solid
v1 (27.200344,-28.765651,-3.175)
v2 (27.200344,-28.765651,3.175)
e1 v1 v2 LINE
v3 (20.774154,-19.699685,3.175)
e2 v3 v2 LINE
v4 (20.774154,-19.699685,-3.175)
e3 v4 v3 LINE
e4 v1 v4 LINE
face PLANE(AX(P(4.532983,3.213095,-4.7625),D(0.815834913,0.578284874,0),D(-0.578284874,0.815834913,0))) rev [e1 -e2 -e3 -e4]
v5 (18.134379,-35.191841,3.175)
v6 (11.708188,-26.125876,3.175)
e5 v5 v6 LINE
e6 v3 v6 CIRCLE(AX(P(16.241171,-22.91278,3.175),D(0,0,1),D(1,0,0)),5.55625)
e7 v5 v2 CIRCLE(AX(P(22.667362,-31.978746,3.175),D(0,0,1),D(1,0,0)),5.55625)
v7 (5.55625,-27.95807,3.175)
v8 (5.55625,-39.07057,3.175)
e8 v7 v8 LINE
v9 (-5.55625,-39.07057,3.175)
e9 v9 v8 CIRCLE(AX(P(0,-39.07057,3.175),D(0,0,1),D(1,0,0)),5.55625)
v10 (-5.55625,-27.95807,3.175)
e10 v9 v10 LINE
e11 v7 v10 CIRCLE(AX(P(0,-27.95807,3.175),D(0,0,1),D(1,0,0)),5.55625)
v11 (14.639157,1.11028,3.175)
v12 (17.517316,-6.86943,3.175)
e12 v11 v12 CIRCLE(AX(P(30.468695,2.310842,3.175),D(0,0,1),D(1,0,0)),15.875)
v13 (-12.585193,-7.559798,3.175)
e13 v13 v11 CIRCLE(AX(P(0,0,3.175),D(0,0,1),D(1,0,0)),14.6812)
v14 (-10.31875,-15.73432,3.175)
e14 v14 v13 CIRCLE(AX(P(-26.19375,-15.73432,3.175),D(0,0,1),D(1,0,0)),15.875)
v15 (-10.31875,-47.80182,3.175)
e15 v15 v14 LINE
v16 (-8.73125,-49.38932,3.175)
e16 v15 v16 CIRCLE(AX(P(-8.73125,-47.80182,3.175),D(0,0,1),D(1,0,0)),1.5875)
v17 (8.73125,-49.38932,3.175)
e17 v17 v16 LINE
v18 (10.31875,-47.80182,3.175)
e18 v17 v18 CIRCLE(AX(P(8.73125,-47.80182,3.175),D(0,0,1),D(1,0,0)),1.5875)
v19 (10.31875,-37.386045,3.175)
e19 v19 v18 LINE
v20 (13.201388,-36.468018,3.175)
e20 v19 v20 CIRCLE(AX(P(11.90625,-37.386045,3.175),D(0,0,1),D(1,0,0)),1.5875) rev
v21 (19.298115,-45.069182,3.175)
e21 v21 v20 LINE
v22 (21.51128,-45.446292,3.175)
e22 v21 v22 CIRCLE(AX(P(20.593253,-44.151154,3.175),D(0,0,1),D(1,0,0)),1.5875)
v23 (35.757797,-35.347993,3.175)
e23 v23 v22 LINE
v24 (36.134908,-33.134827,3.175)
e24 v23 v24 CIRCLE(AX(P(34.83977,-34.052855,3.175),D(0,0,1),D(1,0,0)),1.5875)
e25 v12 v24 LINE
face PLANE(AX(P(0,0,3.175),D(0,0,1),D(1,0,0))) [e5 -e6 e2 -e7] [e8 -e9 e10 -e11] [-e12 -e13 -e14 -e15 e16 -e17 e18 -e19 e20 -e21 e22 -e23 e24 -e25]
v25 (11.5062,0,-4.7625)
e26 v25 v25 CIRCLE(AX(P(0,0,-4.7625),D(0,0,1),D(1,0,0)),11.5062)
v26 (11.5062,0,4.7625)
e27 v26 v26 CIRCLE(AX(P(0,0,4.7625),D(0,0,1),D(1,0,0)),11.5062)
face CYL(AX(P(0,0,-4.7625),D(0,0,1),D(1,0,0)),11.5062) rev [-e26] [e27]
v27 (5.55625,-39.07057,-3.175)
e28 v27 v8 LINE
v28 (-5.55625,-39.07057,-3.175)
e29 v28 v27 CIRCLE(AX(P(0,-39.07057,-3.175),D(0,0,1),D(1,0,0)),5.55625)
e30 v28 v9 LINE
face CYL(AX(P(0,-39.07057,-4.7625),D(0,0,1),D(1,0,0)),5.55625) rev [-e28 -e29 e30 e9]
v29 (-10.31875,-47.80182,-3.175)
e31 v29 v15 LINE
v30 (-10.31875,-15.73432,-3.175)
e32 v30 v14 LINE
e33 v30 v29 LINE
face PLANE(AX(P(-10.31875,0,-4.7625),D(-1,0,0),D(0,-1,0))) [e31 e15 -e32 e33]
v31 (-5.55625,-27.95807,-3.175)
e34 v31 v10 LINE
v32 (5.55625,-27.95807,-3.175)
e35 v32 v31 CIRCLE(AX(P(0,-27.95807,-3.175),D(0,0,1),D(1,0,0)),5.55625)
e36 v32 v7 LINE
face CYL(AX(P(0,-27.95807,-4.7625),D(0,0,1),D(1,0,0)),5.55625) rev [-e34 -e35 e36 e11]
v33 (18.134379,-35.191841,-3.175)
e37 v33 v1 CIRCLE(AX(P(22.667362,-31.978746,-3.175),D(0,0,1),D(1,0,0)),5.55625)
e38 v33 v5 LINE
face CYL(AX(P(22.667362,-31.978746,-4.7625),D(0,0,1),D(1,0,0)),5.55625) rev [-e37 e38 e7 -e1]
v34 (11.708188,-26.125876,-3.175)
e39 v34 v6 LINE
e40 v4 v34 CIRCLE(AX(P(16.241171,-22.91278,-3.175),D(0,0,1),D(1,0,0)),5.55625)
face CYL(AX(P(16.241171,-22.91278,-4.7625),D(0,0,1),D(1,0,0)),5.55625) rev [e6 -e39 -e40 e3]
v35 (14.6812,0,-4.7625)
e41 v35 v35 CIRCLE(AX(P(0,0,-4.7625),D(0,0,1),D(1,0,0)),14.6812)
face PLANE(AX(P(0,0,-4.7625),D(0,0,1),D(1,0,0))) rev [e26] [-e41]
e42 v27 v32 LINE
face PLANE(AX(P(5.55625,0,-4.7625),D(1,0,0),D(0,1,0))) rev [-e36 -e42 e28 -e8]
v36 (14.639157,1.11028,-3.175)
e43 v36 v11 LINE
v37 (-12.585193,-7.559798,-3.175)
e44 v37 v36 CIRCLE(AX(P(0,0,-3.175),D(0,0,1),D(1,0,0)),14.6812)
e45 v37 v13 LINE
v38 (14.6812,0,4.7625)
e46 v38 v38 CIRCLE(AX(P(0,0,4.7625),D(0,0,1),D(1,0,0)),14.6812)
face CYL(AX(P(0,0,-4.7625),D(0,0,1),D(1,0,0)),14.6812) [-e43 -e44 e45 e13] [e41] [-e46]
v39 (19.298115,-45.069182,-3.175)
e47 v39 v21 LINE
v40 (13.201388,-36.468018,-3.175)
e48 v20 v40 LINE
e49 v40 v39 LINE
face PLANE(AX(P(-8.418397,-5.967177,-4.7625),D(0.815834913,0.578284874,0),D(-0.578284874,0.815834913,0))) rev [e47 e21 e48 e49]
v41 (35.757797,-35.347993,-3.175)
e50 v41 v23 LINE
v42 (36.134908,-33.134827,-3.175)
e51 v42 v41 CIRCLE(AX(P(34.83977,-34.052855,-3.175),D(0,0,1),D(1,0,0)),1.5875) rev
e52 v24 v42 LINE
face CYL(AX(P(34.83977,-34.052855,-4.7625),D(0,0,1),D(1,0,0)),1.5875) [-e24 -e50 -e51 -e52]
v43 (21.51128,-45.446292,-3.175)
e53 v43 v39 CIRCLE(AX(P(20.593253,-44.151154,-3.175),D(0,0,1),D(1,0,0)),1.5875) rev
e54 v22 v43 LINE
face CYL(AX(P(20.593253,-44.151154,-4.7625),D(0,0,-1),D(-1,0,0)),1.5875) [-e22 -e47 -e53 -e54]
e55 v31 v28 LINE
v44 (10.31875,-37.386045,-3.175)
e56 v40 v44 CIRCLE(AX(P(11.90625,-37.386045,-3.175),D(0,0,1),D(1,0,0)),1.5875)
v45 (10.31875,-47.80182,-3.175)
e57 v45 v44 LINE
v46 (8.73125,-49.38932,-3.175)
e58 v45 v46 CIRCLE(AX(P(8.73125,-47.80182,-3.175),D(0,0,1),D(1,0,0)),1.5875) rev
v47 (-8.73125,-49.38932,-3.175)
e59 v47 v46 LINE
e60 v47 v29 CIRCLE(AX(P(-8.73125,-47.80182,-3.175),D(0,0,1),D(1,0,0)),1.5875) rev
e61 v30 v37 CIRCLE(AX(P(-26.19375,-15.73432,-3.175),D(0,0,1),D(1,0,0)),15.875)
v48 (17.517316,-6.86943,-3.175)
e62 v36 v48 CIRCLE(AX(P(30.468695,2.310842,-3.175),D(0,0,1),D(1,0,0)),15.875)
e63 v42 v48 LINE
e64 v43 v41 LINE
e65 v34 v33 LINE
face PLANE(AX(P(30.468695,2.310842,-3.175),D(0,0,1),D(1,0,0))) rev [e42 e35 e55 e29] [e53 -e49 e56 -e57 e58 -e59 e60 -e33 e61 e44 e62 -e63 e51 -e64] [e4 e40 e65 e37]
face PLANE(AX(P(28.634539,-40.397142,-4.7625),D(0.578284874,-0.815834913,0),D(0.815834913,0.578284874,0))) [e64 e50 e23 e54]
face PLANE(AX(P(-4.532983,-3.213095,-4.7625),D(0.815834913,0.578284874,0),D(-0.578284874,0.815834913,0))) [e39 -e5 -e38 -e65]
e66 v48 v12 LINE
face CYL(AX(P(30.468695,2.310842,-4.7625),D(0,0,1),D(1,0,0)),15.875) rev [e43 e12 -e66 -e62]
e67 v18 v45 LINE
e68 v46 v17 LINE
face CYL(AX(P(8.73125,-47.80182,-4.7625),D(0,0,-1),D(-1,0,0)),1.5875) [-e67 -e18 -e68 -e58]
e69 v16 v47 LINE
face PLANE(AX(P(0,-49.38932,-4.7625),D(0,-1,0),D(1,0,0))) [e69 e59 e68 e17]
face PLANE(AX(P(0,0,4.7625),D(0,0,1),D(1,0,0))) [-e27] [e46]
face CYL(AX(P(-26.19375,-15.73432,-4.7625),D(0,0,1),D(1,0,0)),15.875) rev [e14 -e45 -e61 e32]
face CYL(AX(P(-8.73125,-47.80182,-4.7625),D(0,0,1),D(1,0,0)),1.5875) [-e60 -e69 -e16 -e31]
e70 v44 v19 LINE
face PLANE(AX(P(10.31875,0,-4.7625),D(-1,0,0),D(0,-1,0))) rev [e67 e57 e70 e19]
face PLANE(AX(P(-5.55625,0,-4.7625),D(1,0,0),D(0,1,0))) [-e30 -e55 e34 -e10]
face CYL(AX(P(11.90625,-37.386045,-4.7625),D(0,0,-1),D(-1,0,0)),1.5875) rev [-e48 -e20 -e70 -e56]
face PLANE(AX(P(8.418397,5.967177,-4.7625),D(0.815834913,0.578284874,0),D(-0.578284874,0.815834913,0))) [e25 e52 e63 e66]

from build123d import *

# Parameters (mm, degrees)
SKETCH1_R                = 11.5062
BOSS_EXTRUDE1_DEPTH      = 4.7625
BOSS_EXTRUDE1_DEPTH_BACK = 4.7625
CUT_EXTRUDE1_START       = -4.7625
CUT_EXTRUDE1_DEPTH       = 1.5875
CUT_EXTRUDE2_START       = 3.175
CUT_EXTRUDE2_DEPTH       = 1.5875
FILLET1_R                = 1.5875


with BuildPart() as part:
    # Sketch1 → Boss-Extrude1 (new body, two sides)
    with BuildSketch(Plane.XY) as boss_extrude1_sk:
        with BuildLine():
            ThreePointArc((14.639156809, 1.110279863), (-4.45502565, 13.988937769), (-12.585193267, -7.559797873))
            ThreePointArc((-12.585193267, -7.559797873), (4.45502565, -13.988937769), (14.639156809, 1.110279863))
        make_face()
        Circle(SKETCH1_R, mode=Mode.SUBTRACT)
        with BuildLine():
            ThreePointArc((-12.585193267, -7.559797873), (4.45502565, -13.988937769), (14.639156809, 1.110279863))
            ThreePointArc((14.639156809, 1.110279863), (15.535368252, -3.075379389), (17.517315641, -6.869430374))
            Line((17.517315641, -6.869430374), (37.052935248, -34.429965394))
            Line((37.052935248, -34.429965394), (20.216142238, -46.364319477))
            Line((20.216142238, -46.364319477), (10.31875, -32.401239172))
            Line((10.31875, -32.401239172), (10.31875, -49.389319794))
            Line((10.31875, -49.389319794), (-10.31875, -49.389319794))
            Line((-10.31875, -49.389319794), (-10.31875, -15.734319794))
            ThreePointArc((-10.31875, -15.734319794), (-10.89585042, -11.492870345), (-12.585193267, -7.559797873))
        make_face()
        with BuildLine():
            ThreePointArc((20.774153775, -19.699685133), (13.028075711, -18.379797729), (11.708188308, -26.125875793))
            Line((11.708188308, -26.125875793), (18.134378968, -35.19184126))
            ThreePointArc((18.134378968, -35.19184126), (25.880457031, -36.511728663), (27.200344435, -28.7656506))
            Line((27.200344435, -28.7656506), (20.774153775, -19.699685133))
        make_face(mode=Mode.SUBTRACT)
        with BuildLine():
            ThreePointArc((5.55625, -27.958069794), (0, -22.401819794), (-5.55625, -27.958069794))
            Line((-5.55625, -27.958069794), (-5.55625, -39.070569794))
            ThreePointArc((-5.55625, -39.070569794), (0, -44.626819794), (5.55625, -39.070569794))
            Line((5.55625, -39.070569794), (5.55625, -27.958069794))
        make_face(mode=Mode.SUBTRACT)
    extrude(amount=BOSS_EXTRUDE1_DEPTH)
    extrude(boss_extrude1_sk.sketch, amount=-BOSS_EXTRUDE1_DEPTH_BACK)

    # Sketch2 → Cut-Extrude1 (cut)
    with BuildSketch(Plane.XY.offset(CUT_EXTRUDE1_START)):
        with BuildLine():
            Line((-10.31875, -15.734319794), (-10.31875, -49.389319794))
            Line((-10.31875, -49.389319794), (10.31875, -49.389319794))
            Line((10.31875, -49.389319794), (10.31875, -32.401239172))
            Line((10.31875, -32.401239172), (20.216142238, -46.364319477))
            Line((20.216142238, -46.364319477), (37.052935248, -34.429965394))
            Line((37.052935248, -34.429965394), (17.517315641, -6.869430374))
            ThreePointArc((17.517315641, -6.869430374), (15.535368252, -3.075379389), (14.639156809, 1.110279863))
            ThreePointArc((14.639156809, 1.110279863), (4.45502565, -13.988937769), (-12.585193267, -7.559797873))
            ThreePointArc((-12.585193267, -7.559797873), (-10.89585042, -11.492870345), (-10.31875, -15.734319794))
        make_face()
        with BuildLine():
            Line((-5.55625, -39.070569794), (-5.55625, -27.958069794))
            ThreePointArc((-5.55625, -27.958069794), (0, -22.401819794), (5.55625, -27.958069794))
            Line((5.55625, -27.958069794), (5.55625, -39.070569794))
            ThreePointArc((5.55625, -39.070569794), (0, -44.626819794), (-5.55625, -39.070569794))
        make_face(mode=Mode.SUBTRACT)
        with BuildLine():
            Line((18.134378968, -35.19184126), (11.708188308, -26.125875793))
            ThreePointArc((11.708188308, -26.125875793), (13.028075711, -18.379797729), (20.774153775, -19.699685133))
            Line((20.774153775, -19.699685133), (27.200344435, -28.7656506))
            ThreePointArc((27.200344435, -28.7656506), (25.880457031, -36.511728663), (18.134378968, -35.19184126))
        make_face(mode=Mode.SUBTRACT)
    extrude(amount=CUT_EXTRUDE1_DEPTH, mode=Mode.SUBTRACT)

    # Sketch2_6 → Cut-Extrude2 (cut)
    with BuildSketch(Plane.XY.offset(CUT_EXTRUDE2_START)):
        with BuildLine():
            Line((-10.31875, -15.734319794), (-10.31875, -49.389319794))
            Line((-10.31875, -49.389319794), (10.31875, -49.389319794))
            Line((10.31875, -49.389319794), (10.31875, -32.401239172))
            Line((10.31875, -32.401239172), (20.216142238, -46.364319477))
            Line((20.216142238, -46.364319477), (37.052935248, -34.429965394))
            Line((37.052935248, -34.429965394), (17.517315641, -6.869430374))
            ThreePointArc((17.517315641, -6.869430374), (15.535368252, -3.075379389), (14.639156809, 1.110279863))
            ThreePointArc((14.639156809, 1.110279863), (4.45502565, -13.988937769), (-12.585193267, -7.559797873))
            ThreePointArc((-12.585193267, -7.559797873), (-10.89585042, -11.492870345), (-10.31875, -15.734319794))
        make_face()
        with BuildLine():
            Line((-5.55625, -39.070569794), (-5.55625, -27.958069794))
            ThreePointArc((-5.55625, -27.958069794), (0, -22.401819794), (5.55625, -27.958069794))
            Line((5.55625, -27.958069794), (5.55625, -39.070569794))
            ThreePointArc((5.55625, -39.070569794), (0, -44.626819794), (-5.55625, -39.070569794))
        make_face(mode=Mode.SUBTRACT)
        with BuildLine():
            Line((18.134378968, -35.19184126), (11.708188308, -26.125875793))
            ThreePointArc((11.708188308, -26.125875793), (13.028075711, -18.379797729), (20.774153775, -19.699685133))
            Line((20.774153775, -19.699685133), (27.200344435, -28.7656506))
            ThreePointArc((27.200344435, -28.7656506), (25.880457031, -36.511728663), (18.134378968, -35.19184126))
        make_face(mode=Mode.SUBTRACT)
    extrude(amount=CUT_EXTRUDE2_DEPTH, mode=Mode.SUBTRACT)

    # Fillet1
    fillet1_edges = [part.edges().sort_by_distance(p)[0] for p in [
        (-10.31875, -49.389319794, 0),
        (10.31875, -49.389319794, 0),
        (10.31875, -32.401239172, 0),
        (20.216142238, -46.364319477, 0),
        (37.052935248, -34.429965394, 0),
    ]]
    fillet(fillet1_edges, radius=FILLET1_R)


solid = part.part
